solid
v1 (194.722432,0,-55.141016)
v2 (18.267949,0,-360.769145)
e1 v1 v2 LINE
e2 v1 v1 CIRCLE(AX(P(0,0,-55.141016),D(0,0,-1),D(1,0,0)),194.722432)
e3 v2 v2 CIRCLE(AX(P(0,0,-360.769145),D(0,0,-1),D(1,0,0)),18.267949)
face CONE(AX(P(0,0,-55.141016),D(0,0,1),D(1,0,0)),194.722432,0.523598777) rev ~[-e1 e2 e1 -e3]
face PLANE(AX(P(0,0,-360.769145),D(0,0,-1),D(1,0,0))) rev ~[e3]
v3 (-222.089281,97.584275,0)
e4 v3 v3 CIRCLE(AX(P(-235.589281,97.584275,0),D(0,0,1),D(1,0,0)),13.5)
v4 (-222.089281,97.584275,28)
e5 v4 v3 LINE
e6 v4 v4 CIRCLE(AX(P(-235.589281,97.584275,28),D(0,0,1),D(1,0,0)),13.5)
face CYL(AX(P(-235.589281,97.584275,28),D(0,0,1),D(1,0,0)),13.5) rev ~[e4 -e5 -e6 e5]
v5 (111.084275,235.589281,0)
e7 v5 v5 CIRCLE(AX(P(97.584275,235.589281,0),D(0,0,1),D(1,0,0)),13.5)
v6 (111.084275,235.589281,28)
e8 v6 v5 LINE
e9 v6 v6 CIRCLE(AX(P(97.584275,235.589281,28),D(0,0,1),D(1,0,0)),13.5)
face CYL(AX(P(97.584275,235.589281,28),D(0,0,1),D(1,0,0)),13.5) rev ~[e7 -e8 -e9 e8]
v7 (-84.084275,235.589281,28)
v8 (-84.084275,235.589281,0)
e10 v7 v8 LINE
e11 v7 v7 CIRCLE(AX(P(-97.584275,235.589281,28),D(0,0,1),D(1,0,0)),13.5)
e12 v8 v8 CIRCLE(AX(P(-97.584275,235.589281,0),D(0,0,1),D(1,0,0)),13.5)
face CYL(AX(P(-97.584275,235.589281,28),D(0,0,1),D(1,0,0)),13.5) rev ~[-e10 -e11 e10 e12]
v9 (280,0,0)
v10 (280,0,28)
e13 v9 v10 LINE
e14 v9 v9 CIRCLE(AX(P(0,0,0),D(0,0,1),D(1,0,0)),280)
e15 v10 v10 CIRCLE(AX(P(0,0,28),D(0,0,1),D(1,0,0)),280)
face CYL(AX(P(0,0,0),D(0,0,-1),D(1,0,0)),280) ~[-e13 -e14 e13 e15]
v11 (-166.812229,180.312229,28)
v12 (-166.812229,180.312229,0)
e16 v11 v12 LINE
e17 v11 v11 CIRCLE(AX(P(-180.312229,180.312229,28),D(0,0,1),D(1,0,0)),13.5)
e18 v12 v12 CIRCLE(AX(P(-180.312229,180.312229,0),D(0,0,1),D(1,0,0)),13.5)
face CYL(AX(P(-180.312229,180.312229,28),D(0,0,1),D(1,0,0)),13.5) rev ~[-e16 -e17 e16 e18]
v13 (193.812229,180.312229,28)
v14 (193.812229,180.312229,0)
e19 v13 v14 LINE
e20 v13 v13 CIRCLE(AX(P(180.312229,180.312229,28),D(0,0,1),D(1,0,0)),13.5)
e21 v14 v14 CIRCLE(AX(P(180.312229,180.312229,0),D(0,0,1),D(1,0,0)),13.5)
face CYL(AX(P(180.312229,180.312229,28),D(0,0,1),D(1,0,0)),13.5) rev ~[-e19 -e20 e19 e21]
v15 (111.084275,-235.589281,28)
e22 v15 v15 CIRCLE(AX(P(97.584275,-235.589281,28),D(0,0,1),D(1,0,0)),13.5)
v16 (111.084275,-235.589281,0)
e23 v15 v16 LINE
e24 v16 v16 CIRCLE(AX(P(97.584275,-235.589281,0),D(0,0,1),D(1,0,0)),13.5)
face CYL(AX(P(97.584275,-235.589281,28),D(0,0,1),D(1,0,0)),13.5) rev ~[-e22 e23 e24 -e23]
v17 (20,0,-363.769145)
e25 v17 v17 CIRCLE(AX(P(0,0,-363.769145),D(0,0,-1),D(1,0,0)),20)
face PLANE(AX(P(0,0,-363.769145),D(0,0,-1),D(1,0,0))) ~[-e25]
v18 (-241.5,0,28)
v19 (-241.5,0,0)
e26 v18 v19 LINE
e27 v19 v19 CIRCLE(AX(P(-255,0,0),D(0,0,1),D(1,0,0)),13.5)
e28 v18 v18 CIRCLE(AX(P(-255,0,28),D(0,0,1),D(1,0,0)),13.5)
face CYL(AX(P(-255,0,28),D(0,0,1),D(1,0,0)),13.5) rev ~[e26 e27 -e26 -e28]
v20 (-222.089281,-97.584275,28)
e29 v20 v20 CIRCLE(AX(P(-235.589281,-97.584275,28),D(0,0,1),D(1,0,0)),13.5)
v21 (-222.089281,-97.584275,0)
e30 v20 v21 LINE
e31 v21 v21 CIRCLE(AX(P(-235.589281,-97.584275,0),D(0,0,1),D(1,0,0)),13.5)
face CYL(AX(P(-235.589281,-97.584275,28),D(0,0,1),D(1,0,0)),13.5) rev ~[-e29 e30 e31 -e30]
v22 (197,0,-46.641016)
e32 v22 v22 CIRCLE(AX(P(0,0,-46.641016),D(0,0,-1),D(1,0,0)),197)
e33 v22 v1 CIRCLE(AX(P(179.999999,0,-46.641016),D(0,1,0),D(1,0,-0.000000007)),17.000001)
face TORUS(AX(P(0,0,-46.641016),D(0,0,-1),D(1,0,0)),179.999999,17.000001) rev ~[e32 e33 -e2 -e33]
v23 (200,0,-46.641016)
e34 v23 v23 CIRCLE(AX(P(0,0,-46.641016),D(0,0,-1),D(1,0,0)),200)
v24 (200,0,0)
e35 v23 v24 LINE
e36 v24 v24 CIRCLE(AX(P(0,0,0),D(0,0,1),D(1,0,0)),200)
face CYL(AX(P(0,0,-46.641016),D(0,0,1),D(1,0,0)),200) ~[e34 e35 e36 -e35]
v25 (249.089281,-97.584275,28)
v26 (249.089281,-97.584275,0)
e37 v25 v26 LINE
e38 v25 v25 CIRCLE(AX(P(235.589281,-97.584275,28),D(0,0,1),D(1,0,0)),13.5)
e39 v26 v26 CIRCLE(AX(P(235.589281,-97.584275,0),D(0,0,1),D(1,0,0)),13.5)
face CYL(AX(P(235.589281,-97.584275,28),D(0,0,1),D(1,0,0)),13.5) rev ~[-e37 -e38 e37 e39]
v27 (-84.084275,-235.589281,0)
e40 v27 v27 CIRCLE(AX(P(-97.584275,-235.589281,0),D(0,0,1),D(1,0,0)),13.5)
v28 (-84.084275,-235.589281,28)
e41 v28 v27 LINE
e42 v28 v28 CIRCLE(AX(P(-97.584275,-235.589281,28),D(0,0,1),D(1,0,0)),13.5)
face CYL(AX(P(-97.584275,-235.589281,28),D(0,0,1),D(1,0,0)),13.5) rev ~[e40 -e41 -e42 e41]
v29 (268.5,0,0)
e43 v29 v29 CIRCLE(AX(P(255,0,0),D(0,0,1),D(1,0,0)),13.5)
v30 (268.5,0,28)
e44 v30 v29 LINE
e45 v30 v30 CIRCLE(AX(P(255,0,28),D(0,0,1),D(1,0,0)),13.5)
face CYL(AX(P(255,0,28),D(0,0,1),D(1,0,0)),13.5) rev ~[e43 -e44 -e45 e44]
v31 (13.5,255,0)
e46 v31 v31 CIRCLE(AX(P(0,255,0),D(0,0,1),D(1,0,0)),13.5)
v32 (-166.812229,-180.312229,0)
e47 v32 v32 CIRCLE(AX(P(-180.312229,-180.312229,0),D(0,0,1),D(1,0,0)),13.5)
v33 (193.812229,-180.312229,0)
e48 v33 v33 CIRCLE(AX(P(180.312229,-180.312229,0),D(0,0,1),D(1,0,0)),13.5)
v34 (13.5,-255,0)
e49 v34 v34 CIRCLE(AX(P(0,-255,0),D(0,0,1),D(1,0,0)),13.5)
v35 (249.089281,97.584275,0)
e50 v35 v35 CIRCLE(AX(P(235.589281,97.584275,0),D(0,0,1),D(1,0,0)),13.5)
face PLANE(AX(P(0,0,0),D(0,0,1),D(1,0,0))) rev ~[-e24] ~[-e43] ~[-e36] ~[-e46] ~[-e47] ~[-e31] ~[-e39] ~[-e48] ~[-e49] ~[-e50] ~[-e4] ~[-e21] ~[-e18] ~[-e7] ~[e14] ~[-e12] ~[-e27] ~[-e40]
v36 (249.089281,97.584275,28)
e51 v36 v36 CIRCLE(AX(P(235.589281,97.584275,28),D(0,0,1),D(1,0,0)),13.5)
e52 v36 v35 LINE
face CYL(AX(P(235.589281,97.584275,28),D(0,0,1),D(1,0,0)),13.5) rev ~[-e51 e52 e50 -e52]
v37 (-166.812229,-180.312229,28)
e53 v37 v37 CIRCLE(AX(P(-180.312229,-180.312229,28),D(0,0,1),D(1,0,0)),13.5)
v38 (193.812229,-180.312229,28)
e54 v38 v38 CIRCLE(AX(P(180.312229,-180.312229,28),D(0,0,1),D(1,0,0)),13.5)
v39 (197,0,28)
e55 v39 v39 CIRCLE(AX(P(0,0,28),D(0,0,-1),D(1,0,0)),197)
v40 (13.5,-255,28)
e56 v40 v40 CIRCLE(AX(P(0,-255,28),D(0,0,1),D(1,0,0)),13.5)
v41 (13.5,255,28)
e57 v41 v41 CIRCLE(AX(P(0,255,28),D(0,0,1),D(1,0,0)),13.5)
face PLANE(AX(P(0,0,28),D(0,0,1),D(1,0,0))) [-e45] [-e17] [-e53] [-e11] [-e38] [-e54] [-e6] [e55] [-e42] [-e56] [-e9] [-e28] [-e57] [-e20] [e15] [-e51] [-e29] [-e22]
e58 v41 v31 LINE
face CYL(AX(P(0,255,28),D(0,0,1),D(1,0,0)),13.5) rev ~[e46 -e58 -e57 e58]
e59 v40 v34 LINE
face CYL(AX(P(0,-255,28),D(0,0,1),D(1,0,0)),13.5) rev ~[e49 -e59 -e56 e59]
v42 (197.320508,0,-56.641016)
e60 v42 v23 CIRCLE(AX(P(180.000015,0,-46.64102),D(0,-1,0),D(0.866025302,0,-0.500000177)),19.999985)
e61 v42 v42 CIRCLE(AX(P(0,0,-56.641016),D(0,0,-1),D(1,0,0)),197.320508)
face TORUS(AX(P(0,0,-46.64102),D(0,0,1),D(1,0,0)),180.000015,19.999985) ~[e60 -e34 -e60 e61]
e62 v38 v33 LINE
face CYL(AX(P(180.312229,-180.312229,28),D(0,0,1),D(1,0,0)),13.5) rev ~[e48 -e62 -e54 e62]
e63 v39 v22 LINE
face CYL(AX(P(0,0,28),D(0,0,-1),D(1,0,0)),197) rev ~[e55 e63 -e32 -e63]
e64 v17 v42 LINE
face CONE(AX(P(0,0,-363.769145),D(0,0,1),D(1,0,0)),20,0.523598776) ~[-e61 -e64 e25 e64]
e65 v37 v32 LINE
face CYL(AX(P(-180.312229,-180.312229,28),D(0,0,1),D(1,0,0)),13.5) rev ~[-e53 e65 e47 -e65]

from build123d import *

# Parameters (mm, degrees)
F0_R     = 280
F0_R_2   = 200
F1_DEPTH = 28
F4_R     = 13.5
F5_DEPTH = 28


with BuildPart() as f1:
    # F0 (on Top) → F1 (new body)
    with BuildSketch(Plane.XY):
        Circle(F0_R)
        Circle(F0_R_2, mode=Mode.SUBTRACT)
    extrude(amount=F1_DEPTH)

    # F2 (on Front) → F3 (revolve)
    with BuildSketch(Plane.XZ):
        with BuildLine():
            Line((200, -46.641016), (200, 28))
            Line((200, 28), (197, 28))
            Line((197, 28), (197, -46.641016))
            ThreePointArc((197, -46.641016), (196.420739, -51.04094), (194.722432, -55.141016))
            Line((194.722432, -55.141016), (18.267949, -360.769145))
            Line((18.267949, -360.769145), (0, -360.769145))
            Line((0, -360.769145), (0, -363.769145))
            Line((0, -363.769145), (20, -363.769145))
            Line((20, -363.769145), (197.320508, -56.641016))
            ThreePointArc((197.320508, -56.641016), (199.318517, -51.817397), (200, -46.641016))
        make_face()
    revolve(axis=Axis((0, 0, -362.269145), (0, 0, -1)))

    # F4 (on face) → F5 (cut, through all)
    with BuildSketch(Plane.XY.offset(28)):
        with Locations((255, 0)):
            Circle(F4_R)
        with Locations((235.589281, 97.584275)):
            Circle(F4_R)
        with Locations((180.312229, 180.312229)):
            Circle(F4_R)
        with Locations((97.584275, 235.589281)):
            Circle(F4_R)
        with Locations((0, 255)):
            Circle(F4_R)
        with Locations((-97.584275, 235.589281)):
            Circle(F4_R)
        with Locations((-180.312229, 180.312229)):
            Circle(F4_R)
        with Locations((-235.589281, 97.584275)):
            Circle(F4_R)
        with Locations((-255, 0)):
            Circle(F4_R)
        with Locations((-235.589281, -97.584275)):
            Circle(F4_R)
        with Locations((-180.312229, -180.312229)):
            Circle(F4_R)
        with Locations((-97.584275, -235.589281)):
            Circle(F4_R)
        with Locations((0, -255)):
            Circle(F4_R)
        with Locations((97.584275, -235.589281)):
            Circle(F4_R)
        with Locations((180.312229, -180.312229)):
            Circle(F4_R)
        with Locations((235.589281, -97.584275)):
            Circle(F4_R)
    extrude(amount=-F5_DEPTH, mode=Mode.SUBTRACT)


solid = f1.part
